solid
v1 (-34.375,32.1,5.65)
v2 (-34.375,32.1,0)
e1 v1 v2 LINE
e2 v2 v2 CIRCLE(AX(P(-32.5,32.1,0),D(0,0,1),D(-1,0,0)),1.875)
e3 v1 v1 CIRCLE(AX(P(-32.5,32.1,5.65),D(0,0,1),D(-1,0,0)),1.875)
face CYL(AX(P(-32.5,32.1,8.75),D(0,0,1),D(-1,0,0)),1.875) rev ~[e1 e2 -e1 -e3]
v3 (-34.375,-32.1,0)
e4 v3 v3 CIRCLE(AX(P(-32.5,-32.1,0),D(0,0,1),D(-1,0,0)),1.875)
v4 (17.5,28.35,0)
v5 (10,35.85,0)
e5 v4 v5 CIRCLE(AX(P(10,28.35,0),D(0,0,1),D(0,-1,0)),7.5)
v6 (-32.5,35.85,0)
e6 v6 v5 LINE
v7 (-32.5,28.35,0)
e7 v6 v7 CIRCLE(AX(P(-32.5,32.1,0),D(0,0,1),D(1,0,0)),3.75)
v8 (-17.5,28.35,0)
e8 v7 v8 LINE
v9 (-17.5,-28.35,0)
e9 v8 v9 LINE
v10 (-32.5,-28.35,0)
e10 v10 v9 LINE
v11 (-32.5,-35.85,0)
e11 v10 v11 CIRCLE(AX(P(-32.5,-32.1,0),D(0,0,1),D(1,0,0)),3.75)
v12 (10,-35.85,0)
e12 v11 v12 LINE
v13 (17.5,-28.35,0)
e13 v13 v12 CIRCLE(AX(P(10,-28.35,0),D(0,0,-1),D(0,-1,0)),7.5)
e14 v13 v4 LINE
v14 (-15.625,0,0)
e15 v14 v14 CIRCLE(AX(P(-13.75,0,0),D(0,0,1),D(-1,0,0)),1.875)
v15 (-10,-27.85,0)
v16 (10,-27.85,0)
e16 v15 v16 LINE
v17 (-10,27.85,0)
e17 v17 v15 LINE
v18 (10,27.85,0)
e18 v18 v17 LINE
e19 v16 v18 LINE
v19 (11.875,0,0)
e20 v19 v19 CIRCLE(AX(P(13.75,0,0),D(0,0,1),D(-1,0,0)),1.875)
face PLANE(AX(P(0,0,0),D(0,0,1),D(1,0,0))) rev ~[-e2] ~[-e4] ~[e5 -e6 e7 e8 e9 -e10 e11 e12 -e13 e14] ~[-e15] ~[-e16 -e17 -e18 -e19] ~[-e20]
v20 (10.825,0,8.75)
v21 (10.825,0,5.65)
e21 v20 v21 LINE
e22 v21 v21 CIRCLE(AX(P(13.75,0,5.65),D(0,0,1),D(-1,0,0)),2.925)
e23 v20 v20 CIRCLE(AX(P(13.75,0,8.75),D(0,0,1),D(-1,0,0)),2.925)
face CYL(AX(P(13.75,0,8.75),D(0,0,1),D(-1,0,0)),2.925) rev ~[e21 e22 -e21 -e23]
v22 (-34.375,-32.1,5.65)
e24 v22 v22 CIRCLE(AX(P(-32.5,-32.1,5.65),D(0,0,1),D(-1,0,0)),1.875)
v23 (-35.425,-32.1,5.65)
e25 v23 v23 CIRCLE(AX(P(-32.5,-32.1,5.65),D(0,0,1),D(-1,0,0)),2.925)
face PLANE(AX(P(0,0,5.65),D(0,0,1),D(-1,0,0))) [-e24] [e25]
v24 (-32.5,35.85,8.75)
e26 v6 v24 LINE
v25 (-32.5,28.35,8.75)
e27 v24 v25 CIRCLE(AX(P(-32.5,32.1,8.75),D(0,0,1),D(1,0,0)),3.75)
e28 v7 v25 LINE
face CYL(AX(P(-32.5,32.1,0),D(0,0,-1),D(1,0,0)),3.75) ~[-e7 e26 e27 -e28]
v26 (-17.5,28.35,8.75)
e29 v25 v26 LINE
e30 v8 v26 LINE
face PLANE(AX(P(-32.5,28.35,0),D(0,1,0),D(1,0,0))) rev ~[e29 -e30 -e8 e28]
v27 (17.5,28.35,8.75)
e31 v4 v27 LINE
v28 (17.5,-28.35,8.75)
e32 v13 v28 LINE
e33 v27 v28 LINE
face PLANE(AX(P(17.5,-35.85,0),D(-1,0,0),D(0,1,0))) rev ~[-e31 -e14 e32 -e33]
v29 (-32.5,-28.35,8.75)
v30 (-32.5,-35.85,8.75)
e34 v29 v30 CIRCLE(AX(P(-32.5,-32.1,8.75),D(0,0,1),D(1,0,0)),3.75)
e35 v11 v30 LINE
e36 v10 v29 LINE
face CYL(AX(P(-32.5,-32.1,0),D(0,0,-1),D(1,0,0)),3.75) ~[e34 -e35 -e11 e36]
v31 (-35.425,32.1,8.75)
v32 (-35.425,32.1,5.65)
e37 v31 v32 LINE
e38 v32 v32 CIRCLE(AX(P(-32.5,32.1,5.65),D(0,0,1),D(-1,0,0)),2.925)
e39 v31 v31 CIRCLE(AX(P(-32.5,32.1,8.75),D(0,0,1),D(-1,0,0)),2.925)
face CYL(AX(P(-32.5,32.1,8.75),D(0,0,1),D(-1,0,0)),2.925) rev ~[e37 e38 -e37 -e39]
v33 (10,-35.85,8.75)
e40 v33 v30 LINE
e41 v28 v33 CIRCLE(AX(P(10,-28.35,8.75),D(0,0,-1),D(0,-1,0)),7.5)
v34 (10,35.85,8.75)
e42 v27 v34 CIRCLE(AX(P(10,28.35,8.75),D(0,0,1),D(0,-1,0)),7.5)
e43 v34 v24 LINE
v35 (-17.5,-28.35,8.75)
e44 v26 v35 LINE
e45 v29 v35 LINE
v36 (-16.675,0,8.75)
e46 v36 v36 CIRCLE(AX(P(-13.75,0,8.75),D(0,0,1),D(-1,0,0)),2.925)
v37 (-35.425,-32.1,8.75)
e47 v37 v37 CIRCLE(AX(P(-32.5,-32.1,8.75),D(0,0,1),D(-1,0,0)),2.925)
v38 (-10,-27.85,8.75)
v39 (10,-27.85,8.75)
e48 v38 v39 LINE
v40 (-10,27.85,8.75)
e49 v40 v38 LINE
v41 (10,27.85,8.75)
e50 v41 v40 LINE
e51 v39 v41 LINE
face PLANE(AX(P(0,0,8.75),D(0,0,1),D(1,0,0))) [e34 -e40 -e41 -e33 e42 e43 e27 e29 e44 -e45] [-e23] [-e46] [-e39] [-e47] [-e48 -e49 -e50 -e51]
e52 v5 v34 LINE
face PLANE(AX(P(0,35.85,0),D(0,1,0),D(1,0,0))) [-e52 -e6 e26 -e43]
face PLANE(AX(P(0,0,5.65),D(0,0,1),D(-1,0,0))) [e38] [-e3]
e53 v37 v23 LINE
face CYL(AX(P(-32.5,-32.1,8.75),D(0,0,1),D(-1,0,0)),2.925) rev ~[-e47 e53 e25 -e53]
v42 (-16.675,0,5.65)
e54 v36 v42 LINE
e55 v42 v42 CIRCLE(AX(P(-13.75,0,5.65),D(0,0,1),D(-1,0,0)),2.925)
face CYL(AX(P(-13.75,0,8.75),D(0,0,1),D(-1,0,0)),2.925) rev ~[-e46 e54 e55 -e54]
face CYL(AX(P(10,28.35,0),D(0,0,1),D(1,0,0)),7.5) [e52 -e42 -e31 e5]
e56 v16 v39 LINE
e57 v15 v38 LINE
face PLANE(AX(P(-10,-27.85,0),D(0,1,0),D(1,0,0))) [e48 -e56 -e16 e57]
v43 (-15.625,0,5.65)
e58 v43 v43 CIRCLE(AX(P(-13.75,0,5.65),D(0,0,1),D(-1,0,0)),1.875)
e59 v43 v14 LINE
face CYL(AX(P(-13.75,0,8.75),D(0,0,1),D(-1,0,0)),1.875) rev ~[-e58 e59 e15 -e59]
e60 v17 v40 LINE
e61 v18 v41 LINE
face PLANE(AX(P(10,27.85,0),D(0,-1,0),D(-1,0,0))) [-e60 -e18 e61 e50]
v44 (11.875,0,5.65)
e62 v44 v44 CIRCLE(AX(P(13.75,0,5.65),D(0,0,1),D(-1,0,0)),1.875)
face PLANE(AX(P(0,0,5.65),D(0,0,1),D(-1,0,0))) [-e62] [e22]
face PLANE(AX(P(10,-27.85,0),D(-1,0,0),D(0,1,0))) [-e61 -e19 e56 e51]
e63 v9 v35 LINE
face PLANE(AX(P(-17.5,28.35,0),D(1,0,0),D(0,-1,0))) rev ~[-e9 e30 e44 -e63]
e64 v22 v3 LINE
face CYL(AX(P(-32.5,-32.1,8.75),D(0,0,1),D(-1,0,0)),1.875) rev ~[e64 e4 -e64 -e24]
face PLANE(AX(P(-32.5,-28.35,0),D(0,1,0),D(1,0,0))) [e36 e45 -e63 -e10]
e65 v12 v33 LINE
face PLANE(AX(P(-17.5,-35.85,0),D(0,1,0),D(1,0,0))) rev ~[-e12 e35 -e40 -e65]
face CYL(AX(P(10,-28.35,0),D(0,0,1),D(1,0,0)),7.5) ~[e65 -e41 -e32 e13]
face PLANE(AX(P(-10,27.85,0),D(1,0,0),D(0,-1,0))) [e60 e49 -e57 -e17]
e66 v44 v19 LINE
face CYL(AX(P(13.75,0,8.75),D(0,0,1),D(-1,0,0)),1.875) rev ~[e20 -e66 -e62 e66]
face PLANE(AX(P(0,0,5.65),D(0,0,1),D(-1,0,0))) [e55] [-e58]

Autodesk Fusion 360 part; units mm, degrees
sketch "Sketch1" plane through (0, 0, 0) normal (0, 0, 1) x (1, 0, 0)
  line L0 (10, 27.85) -> (-10, 27.85)
  line L1 (-10, 27.85) -> (-10, -27.85)
  line L2 (-10, -27.85) -> (10, -27.85)
  line L3 (10, -27.85) -> (10, 27.85)
  line L4 (10, 27.85) -> (-10, -27.85) construction
  line L5 (-10, 27.85) -> (10, -27.85) construction
  line L6 (-10, 0) -> (-17.5, 0) construction
  line L7 (10, 0) -> (17.5, 0) construction
  line L8 (0, 27.85) -> (0, 35.85) construction
  line L9 (0, -27.85) -> (0, -35.85) construction
  line L10 (17.5, 0) -> (17.5, 35.85)
  line L11 (0, 35.85) -> (17.5, 35.85)
  line L12 (17.5, 35.85) -> (-17.5, 35.85)
  line L13 (-17.5, 35.85) -> (-17.5, -35.85)
  line L14 (-17.5, -35.85) -> (17.5, -35.85)
  line L15 (17.5, -35.85) -> (17.5, 35.85)
  line L16 (-17.5, 35.85) -> (-32.5, 35.85)
  line L17 (-32.5, 35.85) -> (-32.5, 28.35)
  line L18 (-32.5, 28.35) -> (-17.5, 28.35)
  line L19 (-17.5, -35.85) -> (-32.5, -35.85)
  line L20 (-32.5, -35.85) -> (-32.5, -28.35)
  line L21 (-32.5, -28.35) -> (-17.5, -28.35)
  circle A0 centre (-32.5, 32.1) radius 3.75
  circle A1 centre (-32.5, -32.1) radius 3.75
  dimension "d1" = 20
  dimension "d2" = 55.7
  dimension "d3" = 7.5
  dimension "d4" = 7.5
  dimension "d5" = 8
  dimension "d6" = 8
  dimension "d7" = 35
  dimension "d8" = 15
  dimension "d9" = 7.5
  dimension "d10" = 15
  dimension "d11" = 7.5
extrude "Extrude1" add sketch "Sketch1" along normal blind 8.75
sketch "Sketch2" plane through (0, 0, 8.75) normal (0, 0, 1) x (-1, 0, 0)
  line L0 (-10, -27.85) -> (-10, 27.85)
  line L1 (-10, 27.85) -> (10, 27.85)
  line L2 (10, 27.85) -> (10, -27.85)
  line L3 (10, -27.85) -> (-10, -27.85)
  line L4 (32.5, 35.85) -> (-17.5, 35.85)
  line L5 (-17.5, 35.85) -> (-17.5, -35.85)
  line L6 (-17.5, -35.85) -> (32.5, -35.85)
  arc A0 (32.5, -35.85) -> (32.5, -28.35) centre (32.5, -32.1) ccw
  line L7 (32.5, -28.35) -> (17.5, -28.35)
  line L8 (17.5, -28.35) -> (17.5, 28.35)
  line L9 (17.5, 28.35) -> (32.5, 28.35)
  arc A1 (32.5, 28.35) -> (32.5, 35.85) centre (32.5, 32.1) ccw
  circle A2 centre (32.5, -32.1) radius 2.925
  circle A3 centre (32.5, 32.1) radius 2.925
  circle A4 centre (32.5, -32.1) radius 1.875
  circle A5 centre (32.5, 32.1) radius 1.875
  line L10 (17.5, 0) -> (10, 0) construction
  line L11 (-10, 0) -> (-17.5, 0) construction
  circle A6 centre (13.75, 0) radius 2.925
  circle A7 centre (13.75, 0) radius 1.875
  circle A8 centre (-13.75, 0) radius 2.925
  circle A9 centre (-13.75, 0) radius 1.875
  dimension "d14" = 5.85
  dimension "d15" = 5.85
  dimension "d16" = 3.75
  dimension "d17" = 3.75
  dimension "d18" = 5.85
  dimension "d19" = 3.75
  dimension "d20" = 5.85
  dimension "d21" = 3.75
extrude "Extrude2" cut sketch "Sketch2" against normal blind 26 contours A4 | A5 | A7 | A9
extrude "Extrude3" cut sketch "Sketch2" against normal blind 3.1 contours A2 | A3 | A6 | A8
fillet "Fillet1" radius 7.5 2 edges at (17.5, 35.85, 4.375) (17.5, -35.85, 4.375)
